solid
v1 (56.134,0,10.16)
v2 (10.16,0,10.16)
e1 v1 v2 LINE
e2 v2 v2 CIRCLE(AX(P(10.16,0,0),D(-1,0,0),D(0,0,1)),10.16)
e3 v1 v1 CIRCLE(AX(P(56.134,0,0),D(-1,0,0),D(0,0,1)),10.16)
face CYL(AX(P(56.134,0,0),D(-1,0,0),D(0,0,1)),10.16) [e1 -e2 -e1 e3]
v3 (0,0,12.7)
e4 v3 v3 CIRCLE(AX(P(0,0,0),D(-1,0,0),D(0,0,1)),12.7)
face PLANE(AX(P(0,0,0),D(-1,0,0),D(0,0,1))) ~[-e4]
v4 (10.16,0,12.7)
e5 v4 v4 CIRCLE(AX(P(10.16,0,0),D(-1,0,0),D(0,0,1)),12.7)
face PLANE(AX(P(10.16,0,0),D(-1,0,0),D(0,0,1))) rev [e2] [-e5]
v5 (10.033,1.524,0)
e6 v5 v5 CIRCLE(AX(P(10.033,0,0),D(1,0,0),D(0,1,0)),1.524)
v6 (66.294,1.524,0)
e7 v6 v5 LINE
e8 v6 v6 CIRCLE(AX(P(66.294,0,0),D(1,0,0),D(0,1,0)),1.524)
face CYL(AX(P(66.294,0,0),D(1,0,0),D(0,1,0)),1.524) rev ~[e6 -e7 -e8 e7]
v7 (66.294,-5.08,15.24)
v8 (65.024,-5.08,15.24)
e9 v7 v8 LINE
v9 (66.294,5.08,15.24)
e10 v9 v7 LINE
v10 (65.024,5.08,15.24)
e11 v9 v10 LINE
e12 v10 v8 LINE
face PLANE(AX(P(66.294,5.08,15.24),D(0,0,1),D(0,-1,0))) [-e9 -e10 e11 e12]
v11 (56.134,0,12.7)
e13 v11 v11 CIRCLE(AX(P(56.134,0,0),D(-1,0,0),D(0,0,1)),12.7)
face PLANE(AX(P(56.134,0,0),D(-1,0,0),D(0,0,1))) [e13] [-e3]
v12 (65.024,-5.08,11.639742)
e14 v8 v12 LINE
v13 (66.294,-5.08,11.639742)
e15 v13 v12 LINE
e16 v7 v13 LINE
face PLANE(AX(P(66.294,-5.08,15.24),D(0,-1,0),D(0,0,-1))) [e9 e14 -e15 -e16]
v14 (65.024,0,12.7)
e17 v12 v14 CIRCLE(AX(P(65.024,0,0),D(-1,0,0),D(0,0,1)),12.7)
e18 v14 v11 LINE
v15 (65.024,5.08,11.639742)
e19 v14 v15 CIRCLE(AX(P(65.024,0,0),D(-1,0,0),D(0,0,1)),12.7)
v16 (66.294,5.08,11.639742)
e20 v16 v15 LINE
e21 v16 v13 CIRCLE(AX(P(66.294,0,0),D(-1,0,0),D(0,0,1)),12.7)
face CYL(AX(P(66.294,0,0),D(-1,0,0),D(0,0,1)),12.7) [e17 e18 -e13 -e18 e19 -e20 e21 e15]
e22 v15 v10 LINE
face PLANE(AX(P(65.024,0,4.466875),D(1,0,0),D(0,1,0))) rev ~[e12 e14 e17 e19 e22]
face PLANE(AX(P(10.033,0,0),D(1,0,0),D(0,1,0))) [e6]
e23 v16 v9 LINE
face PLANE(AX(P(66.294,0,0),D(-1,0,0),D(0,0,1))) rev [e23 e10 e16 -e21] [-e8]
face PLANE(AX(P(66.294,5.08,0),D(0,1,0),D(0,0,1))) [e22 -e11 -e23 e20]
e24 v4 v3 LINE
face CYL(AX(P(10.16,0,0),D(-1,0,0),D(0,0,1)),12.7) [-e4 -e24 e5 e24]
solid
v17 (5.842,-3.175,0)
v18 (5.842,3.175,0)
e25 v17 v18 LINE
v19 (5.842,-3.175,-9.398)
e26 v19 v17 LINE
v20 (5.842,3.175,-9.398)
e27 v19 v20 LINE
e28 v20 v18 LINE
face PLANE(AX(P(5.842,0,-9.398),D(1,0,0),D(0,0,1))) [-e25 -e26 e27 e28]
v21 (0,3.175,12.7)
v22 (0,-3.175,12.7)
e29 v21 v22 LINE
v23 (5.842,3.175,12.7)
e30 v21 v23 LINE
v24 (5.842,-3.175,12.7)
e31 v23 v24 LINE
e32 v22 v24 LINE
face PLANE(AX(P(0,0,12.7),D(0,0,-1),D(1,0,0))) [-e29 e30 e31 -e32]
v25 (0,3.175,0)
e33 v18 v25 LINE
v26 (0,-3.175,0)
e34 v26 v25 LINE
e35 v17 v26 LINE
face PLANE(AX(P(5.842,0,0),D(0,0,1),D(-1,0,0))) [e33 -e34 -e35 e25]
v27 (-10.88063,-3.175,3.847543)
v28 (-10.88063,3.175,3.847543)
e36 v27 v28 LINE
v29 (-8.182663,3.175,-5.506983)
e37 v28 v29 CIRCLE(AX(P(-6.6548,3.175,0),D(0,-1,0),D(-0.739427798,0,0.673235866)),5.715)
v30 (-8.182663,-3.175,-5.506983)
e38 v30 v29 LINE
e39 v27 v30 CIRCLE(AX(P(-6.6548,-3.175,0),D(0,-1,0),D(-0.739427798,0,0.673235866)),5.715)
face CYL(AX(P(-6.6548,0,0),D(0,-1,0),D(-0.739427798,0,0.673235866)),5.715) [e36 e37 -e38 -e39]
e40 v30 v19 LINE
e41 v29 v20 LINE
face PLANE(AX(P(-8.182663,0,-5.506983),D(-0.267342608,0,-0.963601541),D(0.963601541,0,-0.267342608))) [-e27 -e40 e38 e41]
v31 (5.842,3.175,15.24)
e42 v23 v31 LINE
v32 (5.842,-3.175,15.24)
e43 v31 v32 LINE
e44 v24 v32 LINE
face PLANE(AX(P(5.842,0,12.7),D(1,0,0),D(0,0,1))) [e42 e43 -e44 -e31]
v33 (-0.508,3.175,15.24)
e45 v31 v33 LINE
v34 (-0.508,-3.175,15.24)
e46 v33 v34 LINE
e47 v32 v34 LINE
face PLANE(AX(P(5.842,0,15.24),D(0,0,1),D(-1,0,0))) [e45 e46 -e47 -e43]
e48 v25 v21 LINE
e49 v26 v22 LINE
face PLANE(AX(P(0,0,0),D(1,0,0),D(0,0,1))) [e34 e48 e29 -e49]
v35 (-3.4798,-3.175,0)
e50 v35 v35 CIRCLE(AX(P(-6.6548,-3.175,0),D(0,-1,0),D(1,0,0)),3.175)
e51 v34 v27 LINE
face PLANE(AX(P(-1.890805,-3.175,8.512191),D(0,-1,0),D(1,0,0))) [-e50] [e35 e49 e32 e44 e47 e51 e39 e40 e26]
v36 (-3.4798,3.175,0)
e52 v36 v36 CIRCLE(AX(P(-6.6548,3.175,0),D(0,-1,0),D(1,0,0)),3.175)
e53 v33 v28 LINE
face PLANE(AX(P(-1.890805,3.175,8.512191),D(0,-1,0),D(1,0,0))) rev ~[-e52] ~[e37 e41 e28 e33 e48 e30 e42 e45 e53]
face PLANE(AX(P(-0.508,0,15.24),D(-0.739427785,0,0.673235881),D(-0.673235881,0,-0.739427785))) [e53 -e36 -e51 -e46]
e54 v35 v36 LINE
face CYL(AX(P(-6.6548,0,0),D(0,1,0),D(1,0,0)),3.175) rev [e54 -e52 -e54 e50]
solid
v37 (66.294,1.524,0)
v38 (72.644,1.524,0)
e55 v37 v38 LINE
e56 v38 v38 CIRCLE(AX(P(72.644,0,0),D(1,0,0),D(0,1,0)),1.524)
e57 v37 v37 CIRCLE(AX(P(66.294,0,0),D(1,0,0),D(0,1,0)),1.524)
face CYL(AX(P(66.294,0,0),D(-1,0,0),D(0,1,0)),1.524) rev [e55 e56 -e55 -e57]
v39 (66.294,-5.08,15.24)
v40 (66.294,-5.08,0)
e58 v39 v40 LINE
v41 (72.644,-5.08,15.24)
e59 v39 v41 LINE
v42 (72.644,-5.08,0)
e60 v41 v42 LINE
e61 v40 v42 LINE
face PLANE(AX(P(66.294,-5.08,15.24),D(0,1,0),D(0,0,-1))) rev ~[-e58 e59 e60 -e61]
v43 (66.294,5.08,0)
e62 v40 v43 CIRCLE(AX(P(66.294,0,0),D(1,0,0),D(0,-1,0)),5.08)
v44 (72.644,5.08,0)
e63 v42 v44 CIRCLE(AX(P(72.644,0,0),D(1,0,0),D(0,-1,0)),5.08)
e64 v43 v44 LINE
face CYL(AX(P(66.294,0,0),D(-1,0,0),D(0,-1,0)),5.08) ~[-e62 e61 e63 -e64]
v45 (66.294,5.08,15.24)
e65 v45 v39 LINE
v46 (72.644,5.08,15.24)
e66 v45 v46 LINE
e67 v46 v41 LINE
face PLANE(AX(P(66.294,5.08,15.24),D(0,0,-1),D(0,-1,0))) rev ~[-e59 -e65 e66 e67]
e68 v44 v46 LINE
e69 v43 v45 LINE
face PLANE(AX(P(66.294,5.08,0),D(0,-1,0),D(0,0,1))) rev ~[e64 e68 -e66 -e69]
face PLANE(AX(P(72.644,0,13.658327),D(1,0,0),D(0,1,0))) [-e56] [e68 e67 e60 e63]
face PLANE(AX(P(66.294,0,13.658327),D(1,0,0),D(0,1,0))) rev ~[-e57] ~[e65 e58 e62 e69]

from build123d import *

# Parameters (mm, degrees)
F0_W     = 5.842
F0_H     = 12.7
F0_R     = 3.175
F2_DEPTH = 3.175
F3_R     = 1.524
F4_DEPTH = 1.27
F5_DEPTH = 6.35
F6_DEPTH = 56.261


with BuildPart() as f1:
    # F0 (on Front) → F1 (revolve)
    with BuildSketch(Plane.XZ):
        Polygon((5.842, 12.7), (5.842, 0), (66.294, 0), (66.294, 12.7), (56.134, 12.7), (56.134, 10.16), (10.16, 10.16), (10.16, 12.7), align=None)
        with Locations((2.921, 6.35)):
            Rectangle(F0_W, F0_H)
    revolve(axis=Axis((33.147, 0, 0), (-1, 0, 0)))

    # F3 (on face) → F4 (join)
    with BuildSketch(Plane.YZ.offset(66.294)):
        with BuildLine():
            Line((-5.08, 11.639742), (-5.08, 0))
            ThreePointArc((-5.08, 0), (0, -5.08), (5.08, 0))
            Line((5.08, 0), (5.08, 11.639742))
            ThreePointArc((5.08, 11.639742), (0, 12.7), (-5.08, 11.639742))
        make_face()
        Circle(F3_R, mode=Mode.SUBTRACT)
        Circle(F3_R)
        with BuildLine():
            Line((-5.08, 15.24), (-5.08, 11.639742))
            ThreePointArc((-5.08, 11.639742), (0, 12.7), (5.08, 11.639742))
            Line((5.08, 11.639742), (5.08, 15.24))
            Line((5.08, 15.24), (-5.08, 15.24))
        make_face()
    extrude(amount=-F4_DEPTH)

    # F3 (on face) → F6 (cut)
    with BuildSketch(Plane.YZ.offset(66.294)):
        Circle(F3_R)
    extrude(amount=-F6_DEPTH, mode=Mode.SUBTRACT)


with BuildPart() as f2:
    # F0 (on Front) → F2 (new body, symmetric)
    with BuildSketch(Plane.XZ):
        with BuildLine():
            Line((-0.9398, 0), (0, 0))
            Line((0, 0), (0, 12.7))
            Line((0, 12.7), (5.842, 12.7))
            Line((5.842, 12.7), (5.842, 15.24))
            Line((5.842, 15.24), (-0.508, 15.24))
            Line((-0.508, 15.24), (-10.88063, 3.847543))
            ThreePointArc((-10.88063, 3.847543), (-4.591961, 5.329721), (-0.9398, 0))
        make_face()
        with BuildLine():
            Line((5.842, 0), (0, 0))
            Line((0, 0), (-0.9398, 0))
            ThreePointArc((-0.9398, 0), (-3.195791, -4.549339), (-8.182663, -5.506983))
            Line((-8.182663, -5.506983), (5.842, -9.398))
            Line((5.842, -9.398), (5.842, 0))
        make_face()
        with BuildLine():
            ThreePointArc((-8.182663, -5.506983), (-3.195791, -4.549339), (-0.9398, 0))
            ThreePointArc((-0.9398, 0), (-4.591961, 5.329721), (-10.88063, 3.847543))
            ThreePointArc((-10.88063, 3.847543), (-12.145978, -1.583727), (-8.182663, -5.506983))
        make_face()
        with Locations((-6.6548, 0)):
            Circle(F0_R, mode=Mode.SUBTRACT)
    extrude(amount=F2_DEPTH, both=True)


with BuildPart() as f5:
    # F3 (on face) → F5 (new body)
    with BuildSketch(Plane.YZ.offset(66.294)):
        with BuildLine():
            Line((-5.08, 15.24), (-5.08, 11.639742))
            ThreePointArc((-5.08, 11.639742), (0, 12.7), (5.08, 11.639742))
            Line((5.08, 11.639742), (5.08, 15.24))
            Line((5.08, 15.24), (-5.08, 15.24))
        make_face()
        with BuildLine():
            Line((-5.08, 11.639742), (-5.08, 0))
            ThreePointArc((-5.08, 0), (0, -5.08), (5.08, 0))
            Line((5.08, 0), (5.08, 11.639742))
            ThreePointArc((5.08, 11.639742), (0, 12.7), (-5.08, 11.639742))
        make_face()
        Circle(F3_R, mode=Mode.SUBTRACT)
    extrude(amount=F5_DEPTH)


solid = Compound([f1.part, f2.part, f5.part])
